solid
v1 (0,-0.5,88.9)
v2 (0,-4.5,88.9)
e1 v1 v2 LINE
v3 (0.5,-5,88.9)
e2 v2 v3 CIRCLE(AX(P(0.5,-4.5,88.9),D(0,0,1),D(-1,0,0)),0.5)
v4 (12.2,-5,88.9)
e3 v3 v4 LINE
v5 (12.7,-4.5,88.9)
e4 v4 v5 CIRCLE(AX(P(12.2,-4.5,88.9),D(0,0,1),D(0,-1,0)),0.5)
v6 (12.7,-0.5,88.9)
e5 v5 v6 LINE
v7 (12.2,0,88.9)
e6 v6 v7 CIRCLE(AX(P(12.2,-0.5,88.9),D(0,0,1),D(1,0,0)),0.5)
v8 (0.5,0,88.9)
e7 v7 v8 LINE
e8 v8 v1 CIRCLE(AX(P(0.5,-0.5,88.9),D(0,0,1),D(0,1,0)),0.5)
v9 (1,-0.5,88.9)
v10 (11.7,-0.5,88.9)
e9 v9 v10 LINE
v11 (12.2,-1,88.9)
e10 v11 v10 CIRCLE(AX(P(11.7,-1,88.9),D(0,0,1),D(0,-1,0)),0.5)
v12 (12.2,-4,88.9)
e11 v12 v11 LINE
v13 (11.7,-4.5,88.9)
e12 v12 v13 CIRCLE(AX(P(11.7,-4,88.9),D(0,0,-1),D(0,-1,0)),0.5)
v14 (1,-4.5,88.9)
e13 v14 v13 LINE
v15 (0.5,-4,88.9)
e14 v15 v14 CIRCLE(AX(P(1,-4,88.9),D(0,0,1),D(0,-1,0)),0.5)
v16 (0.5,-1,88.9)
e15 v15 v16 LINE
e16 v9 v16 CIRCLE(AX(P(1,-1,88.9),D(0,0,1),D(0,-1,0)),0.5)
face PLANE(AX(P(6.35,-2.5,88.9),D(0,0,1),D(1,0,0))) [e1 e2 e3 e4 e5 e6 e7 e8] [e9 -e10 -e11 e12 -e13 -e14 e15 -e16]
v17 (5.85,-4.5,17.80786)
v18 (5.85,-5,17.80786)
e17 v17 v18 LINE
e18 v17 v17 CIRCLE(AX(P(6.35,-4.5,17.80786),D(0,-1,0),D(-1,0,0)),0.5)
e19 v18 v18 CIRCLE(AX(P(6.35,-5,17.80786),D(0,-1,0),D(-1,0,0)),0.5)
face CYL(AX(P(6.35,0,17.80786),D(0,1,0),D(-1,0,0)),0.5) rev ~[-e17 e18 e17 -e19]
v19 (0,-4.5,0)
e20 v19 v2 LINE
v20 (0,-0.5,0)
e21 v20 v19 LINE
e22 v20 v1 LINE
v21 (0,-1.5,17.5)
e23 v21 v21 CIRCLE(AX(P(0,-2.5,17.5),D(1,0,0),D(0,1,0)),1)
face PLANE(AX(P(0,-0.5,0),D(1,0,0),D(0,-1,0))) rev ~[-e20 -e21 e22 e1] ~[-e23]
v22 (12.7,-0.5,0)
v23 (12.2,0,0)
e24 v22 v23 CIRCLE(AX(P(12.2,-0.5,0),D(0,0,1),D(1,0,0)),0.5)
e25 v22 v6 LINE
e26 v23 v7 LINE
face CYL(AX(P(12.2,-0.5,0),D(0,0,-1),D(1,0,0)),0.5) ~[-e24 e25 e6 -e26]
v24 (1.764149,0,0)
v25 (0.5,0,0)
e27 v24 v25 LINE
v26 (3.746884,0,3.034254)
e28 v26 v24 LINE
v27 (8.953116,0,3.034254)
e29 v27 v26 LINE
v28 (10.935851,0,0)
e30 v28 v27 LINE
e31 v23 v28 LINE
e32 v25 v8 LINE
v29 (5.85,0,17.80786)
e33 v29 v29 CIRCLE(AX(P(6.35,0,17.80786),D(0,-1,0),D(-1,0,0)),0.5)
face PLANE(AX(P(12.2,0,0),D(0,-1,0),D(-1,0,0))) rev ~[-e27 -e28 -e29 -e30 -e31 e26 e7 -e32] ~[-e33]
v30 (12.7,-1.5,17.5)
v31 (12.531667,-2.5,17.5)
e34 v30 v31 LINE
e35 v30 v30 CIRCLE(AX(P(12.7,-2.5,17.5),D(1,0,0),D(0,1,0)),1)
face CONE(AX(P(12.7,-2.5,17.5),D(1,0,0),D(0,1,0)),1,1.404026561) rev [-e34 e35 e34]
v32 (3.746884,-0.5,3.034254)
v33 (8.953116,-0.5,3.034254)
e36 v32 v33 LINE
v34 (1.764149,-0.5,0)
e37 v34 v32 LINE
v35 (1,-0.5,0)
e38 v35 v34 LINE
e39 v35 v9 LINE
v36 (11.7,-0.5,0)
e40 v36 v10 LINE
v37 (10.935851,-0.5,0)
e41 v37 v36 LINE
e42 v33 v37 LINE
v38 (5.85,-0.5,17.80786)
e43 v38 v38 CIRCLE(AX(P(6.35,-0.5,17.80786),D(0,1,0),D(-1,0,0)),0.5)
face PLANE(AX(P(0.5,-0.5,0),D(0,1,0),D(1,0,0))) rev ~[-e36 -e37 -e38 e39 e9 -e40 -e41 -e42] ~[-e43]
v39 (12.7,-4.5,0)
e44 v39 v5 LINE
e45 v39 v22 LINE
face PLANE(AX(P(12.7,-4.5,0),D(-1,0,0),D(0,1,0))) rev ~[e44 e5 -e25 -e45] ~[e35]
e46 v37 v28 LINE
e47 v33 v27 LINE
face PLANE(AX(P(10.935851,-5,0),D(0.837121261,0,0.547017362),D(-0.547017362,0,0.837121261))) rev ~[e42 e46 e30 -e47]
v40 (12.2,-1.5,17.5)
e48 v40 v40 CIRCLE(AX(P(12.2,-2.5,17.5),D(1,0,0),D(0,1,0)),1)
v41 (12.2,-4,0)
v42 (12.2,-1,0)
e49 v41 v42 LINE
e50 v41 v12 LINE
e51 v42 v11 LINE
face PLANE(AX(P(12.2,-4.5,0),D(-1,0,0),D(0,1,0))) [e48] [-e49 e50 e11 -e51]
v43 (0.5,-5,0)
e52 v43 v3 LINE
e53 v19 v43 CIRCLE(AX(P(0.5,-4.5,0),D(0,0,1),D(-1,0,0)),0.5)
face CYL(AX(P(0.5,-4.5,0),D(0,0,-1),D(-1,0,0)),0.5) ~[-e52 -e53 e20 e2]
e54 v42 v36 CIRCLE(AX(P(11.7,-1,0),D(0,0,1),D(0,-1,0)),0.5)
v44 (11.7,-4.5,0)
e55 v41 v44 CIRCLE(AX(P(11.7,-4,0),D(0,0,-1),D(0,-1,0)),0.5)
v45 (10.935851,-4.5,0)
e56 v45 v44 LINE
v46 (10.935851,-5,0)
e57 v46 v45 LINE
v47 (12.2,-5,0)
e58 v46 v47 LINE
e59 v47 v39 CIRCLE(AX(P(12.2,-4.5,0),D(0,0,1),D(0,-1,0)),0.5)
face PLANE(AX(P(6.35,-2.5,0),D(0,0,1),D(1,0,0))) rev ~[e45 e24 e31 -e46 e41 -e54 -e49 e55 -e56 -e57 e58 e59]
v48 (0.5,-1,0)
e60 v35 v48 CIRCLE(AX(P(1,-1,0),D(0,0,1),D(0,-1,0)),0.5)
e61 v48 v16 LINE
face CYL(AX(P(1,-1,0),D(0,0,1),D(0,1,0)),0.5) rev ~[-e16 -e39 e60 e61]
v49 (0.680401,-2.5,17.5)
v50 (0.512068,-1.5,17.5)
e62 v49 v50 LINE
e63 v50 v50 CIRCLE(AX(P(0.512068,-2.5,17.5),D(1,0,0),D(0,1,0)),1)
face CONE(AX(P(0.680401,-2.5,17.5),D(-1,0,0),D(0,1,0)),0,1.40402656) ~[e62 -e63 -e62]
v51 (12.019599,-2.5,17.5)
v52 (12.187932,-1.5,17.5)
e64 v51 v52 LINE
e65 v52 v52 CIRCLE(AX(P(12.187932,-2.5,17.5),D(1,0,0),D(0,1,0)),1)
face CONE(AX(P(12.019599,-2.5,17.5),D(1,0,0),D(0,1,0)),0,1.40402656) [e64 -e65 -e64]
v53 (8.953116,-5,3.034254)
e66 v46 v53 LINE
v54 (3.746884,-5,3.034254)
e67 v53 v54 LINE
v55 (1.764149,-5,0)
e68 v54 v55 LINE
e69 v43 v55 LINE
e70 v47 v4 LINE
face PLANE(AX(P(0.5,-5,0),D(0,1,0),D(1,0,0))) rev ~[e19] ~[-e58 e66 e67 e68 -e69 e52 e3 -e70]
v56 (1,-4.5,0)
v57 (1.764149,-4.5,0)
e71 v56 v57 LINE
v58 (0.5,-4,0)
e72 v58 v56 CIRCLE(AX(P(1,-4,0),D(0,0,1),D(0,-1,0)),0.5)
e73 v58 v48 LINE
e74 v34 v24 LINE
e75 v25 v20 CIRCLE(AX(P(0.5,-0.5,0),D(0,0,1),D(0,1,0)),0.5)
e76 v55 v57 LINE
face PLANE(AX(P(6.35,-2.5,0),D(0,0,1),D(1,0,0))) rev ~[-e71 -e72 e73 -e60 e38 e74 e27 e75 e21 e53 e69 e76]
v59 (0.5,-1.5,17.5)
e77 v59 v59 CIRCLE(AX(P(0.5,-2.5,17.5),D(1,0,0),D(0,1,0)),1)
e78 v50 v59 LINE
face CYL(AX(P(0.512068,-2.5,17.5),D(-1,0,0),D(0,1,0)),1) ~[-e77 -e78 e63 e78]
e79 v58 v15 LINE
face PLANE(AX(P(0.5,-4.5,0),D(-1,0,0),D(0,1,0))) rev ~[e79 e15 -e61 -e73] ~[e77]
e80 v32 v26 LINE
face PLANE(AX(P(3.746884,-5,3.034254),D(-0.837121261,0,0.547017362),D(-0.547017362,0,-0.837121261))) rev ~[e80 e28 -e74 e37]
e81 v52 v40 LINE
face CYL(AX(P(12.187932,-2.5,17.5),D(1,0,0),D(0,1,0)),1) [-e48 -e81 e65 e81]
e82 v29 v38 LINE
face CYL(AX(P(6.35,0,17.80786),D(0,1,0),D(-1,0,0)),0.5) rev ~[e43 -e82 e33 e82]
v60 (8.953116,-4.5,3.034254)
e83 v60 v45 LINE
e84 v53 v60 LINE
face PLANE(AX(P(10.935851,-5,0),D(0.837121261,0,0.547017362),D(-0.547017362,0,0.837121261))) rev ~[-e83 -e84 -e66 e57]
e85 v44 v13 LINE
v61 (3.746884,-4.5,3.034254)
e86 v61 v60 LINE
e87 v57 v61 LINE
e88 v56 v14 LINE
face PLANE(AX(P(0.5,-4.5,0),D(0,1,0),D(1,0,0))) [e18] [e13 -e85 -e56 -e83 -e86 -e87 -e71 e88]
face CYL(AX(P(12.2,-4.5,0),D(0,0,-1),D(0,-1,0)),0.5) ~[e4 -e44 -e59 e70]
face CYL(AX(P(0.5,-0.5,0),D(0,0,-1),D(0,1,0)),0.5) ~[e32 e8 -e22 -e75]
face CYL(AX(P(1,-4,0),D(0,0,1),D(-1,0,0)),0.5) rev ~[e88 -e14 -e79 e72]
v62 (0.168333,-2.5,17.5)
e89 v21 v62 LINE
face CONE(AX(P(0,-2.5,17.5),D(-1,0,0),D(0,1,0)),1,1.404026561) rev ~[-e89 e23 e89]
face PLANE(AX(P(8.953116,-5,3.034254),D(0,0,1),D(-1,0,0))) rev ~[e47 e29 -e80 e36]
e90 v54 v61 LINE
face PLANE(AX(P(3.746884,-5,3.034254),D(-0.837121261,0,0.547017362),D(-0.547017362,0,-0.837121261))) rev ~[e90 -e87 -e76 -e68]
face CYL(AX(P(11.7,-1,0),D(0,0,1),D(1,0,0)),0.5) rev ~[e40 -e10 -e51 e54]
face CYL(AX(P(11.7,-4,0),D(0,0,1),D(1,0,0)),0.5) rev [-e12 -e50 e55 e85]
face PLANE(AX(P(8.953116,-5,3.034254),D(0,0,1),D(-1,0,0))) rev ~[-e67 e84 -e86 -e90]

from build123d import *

# Parameters (mm, degrees)
F0_W     = 11.7
F0_H     = 4
F1_DEPTH = 88.9
F3_DEPTH = 25
F4_R     = 0.5
F5_DEPTH = 25
F6_R     = 1
F7_DEPTH = 12.701
F13_R    = 0.5


with BuildPart() as f1:
    # F0 (on Top) → F1 (new body)
    with BuildSketch(Plane.XY):
        with BuildLine():
            Line((12.2, 0), (0.5, 0))
            ThreePointArc((0.5, 0), (0.1464466094, -0.1464466094), (0, -0.5))
            Line((0, -0.5), (0, -4.5))
            ThreePointArc((0, -4.5), (0.1464466094, -4.8535533906), (0.5, -5))
            Line((0.5, -5), (12.2, -5))
            ThreePointArc((12.2, -5), (12.5535533906, -4.8535533906), (12.7, -4.5))
            Line((12.7, -4.5), (12.7, -0.5))
            ThreePointArc((12.7, -0.5), (12.5535533906, -0.1464466094), (12.2, 0))
        make_face()
        with Locations((6.35, -2.5)):
            Rectangle(F0_W, F0_H, mode=Mode.SUBTRACT)
    extrude(amount=F1_DEPTH)

    # F2 (on face) → F3 (cut)
    with BuildSketch(Plane.XZ.offset(5)):
        Polygon((3.7468838188, 3.0342543032), (1.7641486272, 0), (10.9358513728, 0), (8.9531161812, 3.0342543032), (6.35, 3.0342543032), align=None)
    extrude(amount=-F3_DEPTH, mode=Mode.SUBTRACT)

    # F4 (on face) → F5 (cut)
    with BuildSketch(Plane(origin=(0, 0, 0), x_dir=(-1, 0, 0), z_dir=(0, 1, 0))):
        with Locations((-6.35, 17.8078599274)):
            Circle(F4_R)
    extrude(amount=-F5_DEPTH, mode=Mode.SUBTRACT)

    # F6 (on face) → F7 (cut, through all)
    with BuildSketch(Plane.YZ.offset(12.7)):
        with Locations((-2.5, 17.5)):
            Circle(F6_R)
    extrude(amount=-F7_DEPTH, mode=Mode.SUBTRACT)

    # F9 (on offset) → F10 (revolve)
    with BuildSketch(Plane.XY.offset(17.5)):
        Polygon((0.5120678688, -1.5), (0, -1.5), (0.1683332375, -2.5), (0.6804011064, -2.5), align=None)
    revolve(axis=Axis((0.6804011064, -2.5, 17.5), (1, 0, 0)))

    # F12: F1 across plane


with BuildPart() as f1_1:
    add(f1.part)
    add(f1.part.mirror(Plane(origin=(6.35, -2.5, 44.6902153566), x_dir=(0, 1, 0), z_dir=(1, 0, 0))))

    # F13
    f13_edges = [f1_1.edges().sort_by_distance(p)[0] for p in [
        (12.2, -4.5, 44.45),
        (0.5, -4.5, 44.45),
        (0.5, -0.5, 44.45),
        (12.2, -0.5, 44.45),
    ]]
    fillet(f13_edges, radius=F13_R)


solid = f1_1.part
